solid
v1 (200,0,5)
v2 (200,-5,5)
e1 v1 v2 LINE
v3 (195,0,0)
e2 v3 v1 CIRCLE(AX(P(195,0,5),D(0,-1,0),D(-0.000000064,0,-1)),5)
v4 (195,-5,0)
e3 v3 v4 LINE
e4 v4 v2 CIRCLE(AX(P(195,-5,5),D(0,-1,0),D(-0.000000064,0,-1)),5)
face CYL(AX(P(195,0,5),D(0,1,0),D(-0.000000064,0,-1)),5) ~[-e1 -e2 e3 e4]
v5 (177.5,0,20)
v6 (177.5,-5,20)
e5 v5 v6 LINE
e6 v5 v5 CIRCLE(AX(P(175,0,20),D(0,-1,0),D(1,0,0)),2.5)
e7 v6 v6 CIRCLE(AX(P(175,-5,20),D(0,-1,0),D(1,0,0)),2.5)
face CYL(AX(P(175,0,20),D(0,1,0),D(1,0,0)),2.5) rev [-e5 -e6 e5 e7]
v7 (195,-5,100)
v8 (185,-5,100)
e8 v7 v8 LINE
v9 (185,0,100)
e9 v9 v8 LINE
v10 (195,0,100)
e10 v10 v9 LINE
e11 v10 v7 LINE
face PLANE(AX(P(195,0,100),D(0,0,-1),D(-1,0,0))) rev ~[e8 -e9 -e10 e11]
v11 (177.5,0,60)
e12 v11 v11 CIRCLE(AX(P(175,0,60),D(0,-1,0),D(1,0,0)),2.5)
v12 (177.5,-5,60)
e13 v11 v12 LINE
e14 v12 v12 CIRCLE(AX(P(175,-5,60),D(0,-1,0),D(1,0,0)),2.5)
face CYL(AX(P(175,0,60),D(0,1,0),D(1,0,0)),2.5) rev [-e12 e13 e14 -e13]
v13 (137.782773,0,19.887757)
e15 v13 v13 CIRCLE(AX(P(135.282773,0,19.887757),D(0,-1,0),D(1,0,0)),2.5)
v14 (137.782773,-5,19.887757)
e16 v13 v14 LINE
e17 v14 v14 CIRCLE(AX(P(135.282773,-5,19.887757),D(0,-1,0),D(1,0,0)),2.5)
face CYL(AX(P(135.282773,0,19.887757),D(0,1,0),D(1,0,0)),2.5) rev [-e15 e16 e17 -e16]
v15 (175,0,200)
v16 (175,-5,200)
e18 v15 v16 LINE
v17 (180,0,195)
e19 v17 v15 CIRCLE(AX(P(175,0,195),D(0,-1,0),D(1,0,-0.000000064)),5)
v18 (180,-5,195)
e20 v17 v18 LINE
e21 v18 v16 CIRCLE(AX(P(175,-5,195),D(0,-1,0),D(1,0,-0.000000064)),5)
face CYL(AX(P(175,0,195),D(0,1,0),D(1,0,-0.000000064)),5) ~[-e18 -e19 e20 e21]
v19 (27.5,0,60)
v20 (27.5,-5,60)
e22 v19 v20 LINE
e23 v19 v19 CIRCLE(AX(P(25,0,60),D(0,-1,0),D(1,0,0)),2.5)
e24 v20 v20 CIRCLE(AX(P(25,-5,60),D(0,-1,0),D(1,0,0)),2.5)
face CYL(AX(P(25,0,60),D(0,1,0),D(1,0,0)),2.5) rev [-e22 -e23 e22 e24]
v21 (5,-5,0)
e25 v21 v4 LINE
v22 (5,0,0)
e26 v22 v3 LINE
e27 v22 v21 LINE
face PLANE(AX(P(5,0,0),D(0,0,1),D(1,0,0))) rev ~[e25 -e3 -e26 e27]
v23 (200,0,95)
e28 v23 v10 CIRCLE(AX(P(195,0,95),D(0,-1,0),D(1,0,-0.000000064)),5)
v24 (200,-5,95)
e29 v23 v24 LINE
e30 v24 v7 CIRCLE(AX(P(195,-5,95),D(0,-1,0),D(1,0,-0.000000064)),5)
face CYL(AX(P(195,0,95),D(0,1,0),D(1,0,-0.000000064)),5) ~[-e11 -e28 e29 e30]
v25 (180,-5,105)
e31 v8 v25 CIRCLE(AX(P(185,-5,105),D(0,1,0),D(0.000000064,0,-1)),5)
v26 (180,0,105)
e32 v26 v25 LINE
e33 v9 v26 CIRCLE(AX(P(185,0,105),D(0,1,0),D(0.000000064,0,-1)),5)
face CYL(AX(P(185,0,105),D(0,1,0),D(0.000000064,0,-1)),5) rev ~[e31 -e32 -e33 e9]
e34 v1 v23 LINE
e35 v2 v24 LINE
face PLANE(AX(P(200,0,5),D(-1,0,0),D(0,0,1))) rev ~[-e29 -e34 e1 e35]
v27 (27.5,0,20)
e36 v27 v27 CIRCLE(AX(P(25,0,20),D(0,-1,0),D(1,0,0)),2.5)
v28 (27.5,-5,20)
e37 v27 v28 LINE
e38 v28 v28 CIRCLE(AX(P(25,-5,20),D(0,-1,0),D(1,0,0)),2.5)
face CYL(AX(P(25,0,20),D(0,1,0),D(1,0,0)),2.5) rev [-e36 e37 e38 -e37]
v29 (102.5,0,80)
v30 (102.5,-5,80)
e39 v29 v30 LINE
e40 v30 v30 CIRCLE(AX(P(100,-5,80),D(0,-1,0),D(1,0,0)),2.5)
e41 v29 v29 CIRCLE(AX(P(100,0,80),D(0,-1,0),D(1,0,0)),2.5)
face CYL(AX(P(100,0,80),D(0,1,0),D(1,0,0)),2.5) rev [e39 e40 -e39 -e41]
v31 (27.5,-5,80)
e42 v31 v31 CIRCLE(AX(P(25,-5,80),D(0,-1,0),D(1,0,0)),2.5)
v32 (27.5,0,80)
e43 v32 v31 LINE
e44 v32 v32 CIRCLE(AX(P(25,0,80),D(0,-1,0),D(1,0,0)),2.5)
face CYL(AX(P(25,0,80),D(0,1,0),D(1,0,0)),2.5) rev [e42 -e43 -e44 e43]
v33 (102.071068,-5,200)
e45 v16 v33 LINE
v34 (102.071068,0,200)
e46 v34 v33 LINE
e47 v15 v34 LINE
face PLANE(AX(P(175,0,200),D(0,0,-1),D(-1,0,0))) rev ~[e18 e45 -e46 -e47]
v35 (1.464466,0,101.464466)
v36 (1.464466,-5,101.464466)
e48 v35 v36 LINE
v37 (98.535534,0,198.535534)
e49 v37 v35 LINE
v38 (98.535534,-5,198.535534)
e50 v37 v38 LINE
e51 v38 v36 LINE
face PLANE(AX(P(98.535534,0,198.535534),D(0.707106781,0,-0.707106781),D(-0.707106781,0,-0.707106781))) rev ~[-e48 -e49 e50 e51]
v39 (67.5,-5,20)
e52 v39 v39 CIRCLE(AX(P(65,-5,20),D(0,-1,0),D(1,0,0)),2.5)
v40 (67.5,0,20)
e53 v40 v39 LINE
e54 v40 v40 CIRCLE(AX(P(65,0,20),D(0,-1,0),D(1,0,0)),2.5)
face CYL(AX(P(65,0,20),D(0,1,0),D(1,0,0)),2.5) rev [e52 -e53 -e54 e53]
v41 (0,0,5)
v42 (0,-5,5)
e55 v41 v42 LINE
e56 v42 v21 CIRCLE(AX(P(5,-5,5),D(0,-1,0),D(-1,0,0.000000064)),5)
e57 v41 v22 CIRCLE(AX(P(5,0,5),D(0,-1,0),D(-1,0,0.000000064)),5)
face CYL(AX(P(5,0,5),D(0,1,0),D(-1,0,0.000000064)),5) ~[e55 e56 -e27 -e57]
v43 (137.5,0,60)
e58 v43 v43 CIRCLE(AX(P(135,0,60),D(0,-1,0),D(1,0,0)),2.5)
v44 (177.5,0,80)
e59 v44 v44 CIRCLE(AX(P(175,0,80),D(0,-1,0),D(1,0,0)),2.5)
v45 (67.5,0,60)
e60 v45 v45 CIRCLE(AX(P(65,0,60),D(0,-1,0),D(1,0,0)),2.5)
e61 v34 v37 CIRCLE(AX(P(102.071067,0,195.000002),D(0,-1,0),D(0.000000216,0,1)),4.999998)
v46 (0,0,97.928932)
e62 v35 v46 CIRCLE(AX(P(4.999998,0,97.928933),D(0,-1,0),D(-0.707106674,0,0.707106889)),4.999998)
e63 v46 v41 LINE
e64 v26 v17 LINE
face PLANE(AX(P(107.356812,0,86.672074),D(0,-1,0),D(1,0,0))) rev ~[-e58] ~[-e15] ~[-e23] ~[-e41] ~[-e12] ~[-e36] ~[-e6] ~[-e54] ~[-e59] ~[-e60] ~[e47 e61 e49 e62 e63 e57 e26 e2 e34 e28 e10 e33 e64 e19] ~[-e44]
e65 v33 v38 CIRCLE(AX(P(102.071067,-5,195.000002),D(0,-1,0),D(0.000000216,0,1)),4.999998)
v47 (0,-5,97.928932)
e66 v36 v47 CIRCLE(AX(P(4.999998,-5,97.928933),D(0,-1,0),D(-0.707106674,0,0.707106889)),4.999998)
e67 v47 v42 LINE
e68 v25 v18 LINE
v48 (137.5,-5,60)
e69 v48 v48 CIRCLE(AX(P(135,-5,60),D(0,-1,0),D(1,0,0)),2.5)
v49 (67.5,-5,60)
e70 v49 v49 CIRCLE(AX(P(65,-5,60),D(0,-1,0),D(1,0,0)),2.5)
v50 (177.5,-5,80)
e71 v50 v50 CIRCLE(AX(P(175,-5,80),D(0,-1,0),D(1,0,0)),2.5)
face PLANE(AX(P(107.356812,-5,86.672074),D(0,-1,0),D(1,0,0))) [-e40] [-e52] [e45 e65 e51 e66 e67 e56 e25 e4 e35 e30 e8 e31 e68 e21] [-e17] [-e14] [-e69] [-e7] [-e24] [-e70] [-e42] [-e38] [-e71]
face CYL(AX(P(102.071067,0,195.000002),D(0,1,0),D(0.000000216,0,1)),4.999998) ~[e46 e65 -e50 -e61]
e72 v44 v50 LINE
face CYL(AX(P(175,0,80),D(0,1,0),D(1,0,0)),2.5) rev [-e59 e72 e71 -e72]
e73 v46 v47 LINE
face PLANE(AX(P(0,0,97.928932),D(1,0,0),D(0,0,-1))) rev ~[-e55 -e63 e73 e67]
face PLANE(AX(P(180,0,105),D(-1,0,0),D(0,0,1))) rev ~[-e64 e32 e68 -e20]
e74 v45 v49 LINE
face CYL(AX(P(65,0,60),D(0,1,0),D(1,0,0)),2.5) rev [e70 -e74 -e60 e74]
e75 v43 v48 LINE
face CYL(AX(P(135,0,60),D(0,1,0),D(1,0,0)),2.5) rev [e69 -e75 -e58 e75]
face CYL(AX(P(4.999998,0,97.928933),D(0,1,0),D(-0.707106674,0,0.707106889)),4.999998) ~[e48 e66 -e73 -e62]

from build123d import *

# Parameters (mm, degrees)
F0_R     = 2.5
F1_DEPTH = 5


with BuildPart() as f1:
    # F0 (on Front) → F1 (new body)
    with BuildSketch(Plane.XZ):
        with BuildLine():
            Line((0, 97.928932), (0, 5))
            ThreePointArc((0, 5), (1.464466, 1.464466), (5, 0))
            Line((5, 0), (195, 0))
            ThreePointArc((195, 0), (198.535534, 1.464466), (200, 5))
            Line((200, 5), (200, 95))
            ThreePointArc((200, 95), (198.535534, 98.535534), (195, 100))
            Line((195, 100), (185, 100))
            ThreePointArc((185, 100), (181.464466, 101.464466), (180, 105))
            Line((180, 105), (180, 195))
            ThreePointArc((180, 195), (178.535534, 198.535534), (175, 200))
            Line((175, 200), (102.071068, 200))
            ThreePointArc((102.071068, 200), (100.157651, 199.619398), (98.535534, 198.535534))
            Line((98.535534, 198.535534), (1.464466, 101.464466))
            ThreePointArc((1.464466, 101.464466), (0.380602, 99.842349), (0, 97.928932))
        make_face()
        with Locations((25, 20)):
            Circle(F0_R, mode=Mode.SUBTRACT)
        with Locations((65, 20)):
            Circle(F0_R, mode=Mode.SUBTRACT)
        with Locations((25, 60)):
            Circle(F0_R, mode=Mode.SUBTRACT)
        with Locations((25, 80)):
            Circle(F0_R, mode=Mode.SUBTRACT)
        with Locations((65, 60)):
            Circle(F0_R, mode=Mode.SUBTRACT)
        with Locations((135.282773, 19.887757)):
            Circle(F0_R, mode=Mode.SUBTRACT)
        with Locations((175, 20)):
            Circle(F0_R, mode=Mode.SUBTRACT)
        with Locations((135, 60)):
            Circle(F0_R, mode=Mode.SUBTRACT)
        with Locations((100, 80)):
            Circle(F0_R, mode=Mode.SUBTRACT)
        with Locations((175, 60)):
            Circle(F0_R, mode=Mode.SUBTRACT)
        with Locations((175, 80)):
            Circle(F0_R, mode=Mode.SUBTRACT)
    extrude(amount=F1_DEPTH)


solid = f1.part
